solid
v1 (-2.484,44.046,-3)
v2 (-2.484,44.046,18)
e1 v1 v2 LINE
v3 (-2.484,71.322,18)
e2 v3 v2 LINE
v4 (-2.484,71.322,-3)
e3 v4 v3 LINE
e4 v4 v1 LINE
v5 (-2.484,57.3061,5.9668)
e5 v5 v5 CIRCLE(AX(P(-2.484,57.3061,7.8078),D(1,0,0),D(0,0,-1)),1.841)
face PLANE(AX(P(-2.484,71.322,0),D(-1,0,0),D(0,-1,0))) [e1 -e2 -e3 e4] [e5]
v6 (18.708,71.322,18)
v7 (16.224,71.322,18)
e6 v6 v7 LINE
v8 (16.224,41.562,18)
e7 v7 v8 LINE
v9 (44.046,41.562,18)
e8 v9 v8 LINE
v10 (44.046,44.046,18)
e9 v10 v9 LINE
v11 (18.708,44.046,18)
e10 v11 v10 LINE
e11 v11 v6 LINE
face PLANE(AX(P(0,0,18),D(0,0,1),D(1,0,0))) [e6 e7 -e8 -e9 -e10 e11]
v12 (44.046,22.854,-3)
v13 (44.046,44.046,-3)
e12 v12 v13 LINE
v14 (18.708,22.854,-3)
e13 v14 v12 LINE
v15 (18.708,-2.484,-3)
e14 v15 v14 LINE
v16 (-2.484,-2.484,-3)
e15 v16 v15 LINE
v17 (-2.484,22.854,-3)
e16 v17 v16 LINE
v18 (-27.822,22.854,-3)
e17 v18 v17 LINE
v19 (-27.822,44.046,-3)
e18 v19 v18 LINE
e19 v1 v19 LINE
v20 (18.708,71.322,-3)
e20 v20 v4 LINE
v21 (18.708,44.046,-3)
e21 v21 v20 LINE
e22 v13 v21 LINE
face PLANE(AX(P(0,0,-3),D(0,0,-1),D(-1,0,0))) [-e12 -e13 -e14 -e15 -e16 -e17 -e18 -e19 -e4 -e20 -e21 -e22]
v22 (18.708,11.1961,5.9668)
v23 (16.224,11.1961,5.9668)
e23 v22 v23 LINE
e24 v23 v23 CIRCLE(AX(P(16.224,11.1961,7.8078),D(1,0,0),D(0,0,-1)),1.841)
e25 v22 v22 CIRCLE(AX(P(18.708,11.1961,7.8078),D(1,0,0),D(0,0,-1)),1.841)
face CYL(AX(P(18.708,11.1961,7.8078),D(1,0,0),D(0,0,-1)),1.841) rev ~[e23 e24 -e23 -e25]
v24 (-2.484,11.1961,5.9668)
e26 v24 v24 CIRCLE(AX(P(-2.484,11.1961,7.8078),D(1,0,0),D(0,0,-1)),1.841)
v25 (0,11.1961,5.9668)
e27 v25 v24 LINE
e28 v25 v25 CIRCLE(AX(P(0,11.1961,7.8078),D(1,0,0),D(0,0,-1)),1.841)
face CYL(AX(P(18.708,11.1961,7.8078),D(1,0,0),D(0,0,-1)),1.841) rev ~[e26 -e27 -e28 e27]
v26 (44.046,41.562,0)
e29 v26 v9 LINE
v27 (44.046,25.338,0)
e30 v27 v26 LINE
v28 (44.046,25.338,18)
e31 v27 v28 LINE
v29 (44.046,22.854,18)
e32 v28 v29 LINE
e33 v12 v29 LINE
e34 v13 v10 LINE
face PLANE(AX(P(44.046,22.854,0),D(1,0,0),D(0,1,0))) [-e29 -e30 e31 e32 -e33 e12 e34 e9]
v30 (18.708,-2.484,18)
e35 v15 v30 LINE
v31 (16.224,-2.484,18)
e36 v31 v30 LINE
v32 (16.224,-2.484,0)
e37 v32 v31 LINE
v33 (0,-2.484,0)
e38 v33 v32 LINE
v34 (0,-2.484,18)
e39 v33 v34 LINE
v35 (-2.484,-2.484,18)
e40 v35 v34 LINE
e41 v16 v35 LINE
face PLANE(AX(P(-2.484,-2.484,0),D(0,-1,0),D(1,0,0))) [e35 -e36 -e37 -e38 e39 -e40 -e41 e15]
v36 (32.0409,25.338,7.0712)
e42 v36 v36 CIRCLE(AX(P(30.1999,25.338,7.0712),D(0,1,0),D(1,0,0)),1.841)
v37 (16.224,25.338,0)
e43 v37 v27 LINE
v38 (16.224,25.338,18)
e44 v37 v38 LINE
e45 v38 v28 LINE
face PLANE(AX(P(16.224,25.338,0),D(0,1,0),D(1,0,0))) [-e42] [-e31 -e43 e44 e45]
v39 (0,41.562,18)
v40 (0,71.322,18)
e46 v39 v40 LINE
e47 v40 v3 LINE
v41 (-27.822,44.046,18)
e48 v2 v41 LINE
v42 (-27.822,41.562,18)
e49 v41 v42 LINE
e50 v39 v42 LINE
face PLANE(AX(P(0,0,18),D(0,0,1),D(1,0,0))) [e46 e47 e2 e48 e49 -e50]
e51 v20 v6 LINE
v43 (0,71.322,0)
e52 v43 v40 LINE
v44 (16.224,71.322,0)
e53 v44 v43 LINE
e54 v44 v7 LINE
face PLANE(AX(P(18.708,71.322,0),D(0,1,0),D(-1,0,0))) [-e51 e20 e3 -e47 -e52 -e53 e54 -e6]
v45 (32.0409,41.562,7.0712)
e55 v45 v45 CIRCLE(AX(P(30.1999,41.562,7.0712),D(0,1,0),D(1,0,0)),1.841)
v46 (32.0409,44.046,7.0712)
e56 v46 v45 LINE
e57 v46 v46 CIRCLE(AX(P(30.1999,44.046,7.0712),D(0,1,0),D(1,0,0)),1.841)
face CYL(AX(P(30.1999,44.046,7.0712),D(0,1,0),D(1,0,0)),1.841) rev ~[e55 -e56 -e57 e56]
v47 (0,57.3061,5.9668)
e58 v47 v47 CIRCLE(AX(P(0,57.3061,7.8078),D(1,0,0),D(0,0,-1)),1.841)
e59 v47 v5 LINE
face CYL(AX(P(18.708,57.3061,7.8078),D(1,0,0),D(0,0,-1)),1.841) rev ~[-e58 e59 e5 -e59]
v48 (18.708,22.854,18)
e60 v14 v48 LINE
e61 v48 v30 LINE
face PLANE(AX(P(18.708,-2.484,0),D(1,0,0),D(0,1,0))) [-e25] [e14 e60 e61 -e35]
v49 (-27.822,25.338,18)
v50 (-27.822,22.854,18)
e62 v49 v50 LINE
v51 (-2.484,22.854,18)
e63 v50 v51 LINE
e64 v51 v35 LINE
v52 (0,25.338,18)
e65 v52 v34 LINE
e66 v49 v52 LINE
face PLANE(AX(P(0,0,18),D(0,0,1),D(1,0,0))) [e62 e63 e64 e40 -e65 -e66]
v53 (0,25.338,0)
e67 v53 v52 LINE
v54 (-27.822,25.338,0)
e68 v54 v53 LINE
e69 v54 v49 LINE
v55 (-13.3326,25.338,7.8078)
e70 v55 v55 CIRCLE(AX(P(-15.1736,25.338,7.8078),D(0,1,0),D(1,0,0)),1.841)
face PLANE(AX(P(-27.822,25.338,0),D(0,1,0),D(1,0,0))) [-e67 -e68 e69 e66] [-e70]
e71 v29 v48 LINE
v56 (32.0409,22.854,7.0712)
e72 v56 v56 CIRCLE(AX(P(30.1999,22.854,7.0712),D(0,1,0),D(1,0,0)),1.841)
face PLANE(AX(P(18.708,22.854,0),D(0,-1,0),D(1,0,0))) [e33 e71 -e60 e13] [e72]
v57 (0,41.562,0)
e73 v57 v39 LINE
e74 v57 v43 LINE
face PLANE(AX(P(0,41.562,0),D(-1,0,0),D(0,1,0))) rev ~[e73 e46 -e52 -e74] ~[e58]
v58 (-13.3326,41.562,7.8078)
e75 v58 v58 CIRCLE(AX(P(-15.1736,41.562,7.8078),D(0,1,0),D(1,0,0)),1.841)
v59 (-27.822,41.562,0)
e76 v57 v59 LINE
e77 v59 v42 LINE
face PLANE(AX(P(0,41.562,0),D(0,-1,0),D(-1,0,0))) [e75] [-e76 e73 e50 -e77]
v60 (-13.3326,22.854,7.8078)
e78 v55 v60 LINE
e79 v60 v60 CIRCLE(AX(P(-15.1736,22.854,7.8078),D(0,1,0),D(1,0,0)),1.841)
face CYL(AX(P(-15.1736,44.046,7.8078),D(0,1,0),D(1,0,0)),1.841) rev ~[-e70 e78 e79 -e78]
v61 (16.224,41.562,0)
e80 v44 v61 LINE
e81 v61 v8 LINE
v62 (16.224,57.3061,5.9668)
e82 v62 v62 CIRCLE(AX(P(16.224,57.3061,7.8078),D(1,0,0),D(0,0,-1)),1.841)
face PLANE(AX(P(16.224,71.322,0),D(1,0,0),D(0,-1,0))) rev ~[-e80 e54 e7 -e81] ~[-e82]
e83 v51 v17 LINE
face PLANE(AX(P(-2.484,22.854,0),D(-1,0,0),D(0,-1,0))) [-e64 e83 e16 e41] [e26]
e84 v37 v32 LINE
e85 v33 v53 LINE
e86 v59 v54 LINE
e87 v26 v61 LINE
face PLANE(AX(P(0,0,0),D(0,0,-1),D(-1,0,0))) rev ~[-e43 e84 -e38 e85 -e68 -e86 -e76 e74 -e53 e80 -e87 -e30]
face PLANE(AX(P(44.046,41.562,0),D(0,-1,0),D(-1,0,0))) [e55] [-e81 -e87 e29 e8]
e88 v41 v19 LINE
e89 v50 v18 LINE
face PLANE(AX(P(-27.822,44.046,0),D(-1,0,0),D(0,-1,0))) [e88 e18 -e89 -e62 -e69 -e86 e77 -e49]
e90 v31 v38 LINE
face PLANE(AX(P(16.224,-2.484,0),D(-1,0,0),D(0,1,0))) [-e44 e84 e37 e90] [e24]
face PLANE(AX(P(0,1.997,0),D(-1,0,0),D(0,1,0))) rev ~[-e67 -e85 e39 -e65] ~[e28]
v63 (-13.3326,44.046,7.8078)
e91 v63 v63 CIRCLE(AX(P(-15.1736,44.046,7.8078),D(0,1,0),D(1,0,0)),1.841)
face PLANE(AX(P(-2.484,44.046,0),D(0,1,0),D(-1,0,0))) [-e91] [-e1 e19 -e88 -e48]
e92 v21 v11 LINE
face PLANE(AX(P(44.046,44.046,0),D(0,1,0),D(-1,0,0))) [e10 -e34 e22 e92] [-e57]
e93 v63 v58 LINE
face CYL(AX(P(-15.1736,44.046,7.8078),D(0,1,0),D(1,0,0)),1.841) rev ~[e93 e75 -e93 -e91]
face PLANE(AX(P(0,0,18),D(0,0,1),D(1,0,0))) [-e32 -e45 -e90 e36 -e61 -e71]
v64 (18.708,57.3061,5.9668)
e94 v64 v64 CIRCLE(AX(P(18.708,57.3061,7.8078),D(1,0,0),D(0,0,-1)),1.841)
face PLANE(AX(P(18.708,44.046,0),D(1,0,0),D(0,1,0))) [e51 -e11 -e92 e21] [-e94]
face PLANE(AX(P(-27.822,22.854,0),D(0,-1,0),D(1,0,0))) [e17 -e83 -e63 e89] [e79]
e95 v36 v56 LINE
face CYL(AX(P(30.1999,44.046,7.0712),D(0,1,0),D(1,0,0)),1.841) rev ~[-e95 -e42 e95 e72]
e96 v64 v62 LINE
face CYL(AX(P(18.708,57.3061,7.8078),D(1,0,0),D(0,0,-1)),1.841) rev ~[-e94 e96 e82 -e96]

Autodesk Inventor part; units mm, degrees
ref_plane "YZ Plane" through (0, 0, 0) normal (1, 0, 0) x (0, 1, 0)
ref_plane "XZ Plane" through (0, 0, 0) normal (0, 1, 0) x (-1, 0, 0)
ref_plane "XY Plane" through (0, 0, 0) normal (0, 0, 1) x (1, 0, 0)
sketch "Sketch1" plane through (0, 0, 0) normal (0, 0, 1) x (1, 0, 0)
  line L0 (16.224, -2.484) -> (16.224, 25.338)
  line L1 (16.224, 25.338) -> (44.046, 25.338)
  line L2 (44.046, 41.562) -> (16.224, 41.562)
  line L3 (0, 41.562) -> (-27.822, 41.562)
  line L4 (-27.822, 25.338) -> (0, 25.338)
  line L5 (16.224, -2.484) -> (18.708, -2.484)
  line L6 (18.708, 44.046) -> (44.046, 44.046)
  line L7 (44.046, 22.854) -> (18.708, 22.854)
  line L8 (18.708, 22.854) -> (18.708, 0)
  line L9 (-2.484, 44.046) -> (-27.822, 44.046)
  line L10 (-27.822, 22.854) -> (-2.484, 22.854)
  line L11 (0, 0) -> (0, 25.338)
  line L12 (0, 41.562) -> (0, 71.322)
  line L13 (16.224, 71.322) -> (16.224, 41.562)
  line L14 (16.224, 25.338) -> (16.224, 0)
  line L15 (18.708, -2.484) -> (18.708, 22.854)
  line L16 (18.708, 44.046) -> (18.708, 71.322)
  line L17 (-2.484, 71.322) -> (-2.484, 44.046)
  line L18 (-2.484, 22.854) -> (-2.484, -2.484)
  line L19 (-27.822, 44.046) -> (-27.822, 41.562)
  line L20 (-27.822, 25.338) -> (-27.822, 22.854)
  line L21 (44.046, 44.046) -> (44.046, 41.562)
  line L22 (44.046, 25.338) -> (44.046, 22.854)
  line L23 (18.708, 71.322) -> (16.224, 71.322)
  line L24 (0, 71.322) -> (-2.484, 71.322)
  line L25 (-2.484, -2.484) -> (0, -2.484)
  line L26 (0, -2.484) -> (0, 1.997)
  point P0 (-25.338, 41.562)
  point P1 (-25.338, 25.338)
extrude "Extrusion1" add sketch "Sketch1" along normal blind 18
sketch "Sketch2" plane through (0, 0, 0) normal (0, 0, -1) x (-1, 0, 0)
  line L0 (2.484, 22.854) -> (2.484, -2.484) projected
  line L1 (27.822, 22.854) -> (2.484, 22.854) projected
  line L2 (27.822, 44.046) -> (27.822, 22.854) projected
  line L3 (2.484, 44.046) -> (27.822, 44.046) projected
  line L4 (2.484, 71.322) -> (2.484, 44.046) projected
  line L5 (-18.708, 71.322) -> (2.484, 71.322) projected
  line L6 (-18.708, 44.046) -> (-18.708, 71.322) projected
  line L7 (-44.046, 44.046) -> (-18.708, 44.046) projected
  line L8 (-44.046, 22.854) -> (-44.046, 44.046) projected
  line L9 (-18.708, 22.854) -> (-44.046, 22.854) projected
  line L10 (-18.708, -2.484) -> (-18.708, 22.854) projected
  line L11 (2.484, -2.484) -> (-18.708, -2.484) projected
  point P0 (0, 0)
extrude "Extrusion2" add sketch "Sketch2" along normal blind 3
sketch "Sketch3" plane through (-27.822, 44.046, 18) normal (0, 1, 0) x (1, 0, 0)
  circle A0 centre (12.6484, 10.1922) radius 1.841
  point P0 (27.822, 18)
extrude "Extrusion3" cut sketch "Sketch3" against normal blind 28
sketch "Sketch4" plane through (18.708, 44.046, 18) normal (0, 1, 0) x (1, 0, 0)
  circle A0 centre (11.4919, 10.9288) radius 1.841
  point P0 (-18.708, 18)
extrude "Extrusion4" cut sketch "Sketch4" against normal blind 28
sketch "Sketch5" plane through (18.708, 44.046, 18) normal (1, 0, 0) x (0, 0, -1)
  circle A0 centre (10.1922, -32.8499) radius 1.841
  circle A1 centre (10.1922, 13.2601) radius 1.841
  point P0 (18, -44.046)
extrude "Extrusion5" cut sketch "Sketch5" against normal blind 28
properties part number "Lifter Connecter"
